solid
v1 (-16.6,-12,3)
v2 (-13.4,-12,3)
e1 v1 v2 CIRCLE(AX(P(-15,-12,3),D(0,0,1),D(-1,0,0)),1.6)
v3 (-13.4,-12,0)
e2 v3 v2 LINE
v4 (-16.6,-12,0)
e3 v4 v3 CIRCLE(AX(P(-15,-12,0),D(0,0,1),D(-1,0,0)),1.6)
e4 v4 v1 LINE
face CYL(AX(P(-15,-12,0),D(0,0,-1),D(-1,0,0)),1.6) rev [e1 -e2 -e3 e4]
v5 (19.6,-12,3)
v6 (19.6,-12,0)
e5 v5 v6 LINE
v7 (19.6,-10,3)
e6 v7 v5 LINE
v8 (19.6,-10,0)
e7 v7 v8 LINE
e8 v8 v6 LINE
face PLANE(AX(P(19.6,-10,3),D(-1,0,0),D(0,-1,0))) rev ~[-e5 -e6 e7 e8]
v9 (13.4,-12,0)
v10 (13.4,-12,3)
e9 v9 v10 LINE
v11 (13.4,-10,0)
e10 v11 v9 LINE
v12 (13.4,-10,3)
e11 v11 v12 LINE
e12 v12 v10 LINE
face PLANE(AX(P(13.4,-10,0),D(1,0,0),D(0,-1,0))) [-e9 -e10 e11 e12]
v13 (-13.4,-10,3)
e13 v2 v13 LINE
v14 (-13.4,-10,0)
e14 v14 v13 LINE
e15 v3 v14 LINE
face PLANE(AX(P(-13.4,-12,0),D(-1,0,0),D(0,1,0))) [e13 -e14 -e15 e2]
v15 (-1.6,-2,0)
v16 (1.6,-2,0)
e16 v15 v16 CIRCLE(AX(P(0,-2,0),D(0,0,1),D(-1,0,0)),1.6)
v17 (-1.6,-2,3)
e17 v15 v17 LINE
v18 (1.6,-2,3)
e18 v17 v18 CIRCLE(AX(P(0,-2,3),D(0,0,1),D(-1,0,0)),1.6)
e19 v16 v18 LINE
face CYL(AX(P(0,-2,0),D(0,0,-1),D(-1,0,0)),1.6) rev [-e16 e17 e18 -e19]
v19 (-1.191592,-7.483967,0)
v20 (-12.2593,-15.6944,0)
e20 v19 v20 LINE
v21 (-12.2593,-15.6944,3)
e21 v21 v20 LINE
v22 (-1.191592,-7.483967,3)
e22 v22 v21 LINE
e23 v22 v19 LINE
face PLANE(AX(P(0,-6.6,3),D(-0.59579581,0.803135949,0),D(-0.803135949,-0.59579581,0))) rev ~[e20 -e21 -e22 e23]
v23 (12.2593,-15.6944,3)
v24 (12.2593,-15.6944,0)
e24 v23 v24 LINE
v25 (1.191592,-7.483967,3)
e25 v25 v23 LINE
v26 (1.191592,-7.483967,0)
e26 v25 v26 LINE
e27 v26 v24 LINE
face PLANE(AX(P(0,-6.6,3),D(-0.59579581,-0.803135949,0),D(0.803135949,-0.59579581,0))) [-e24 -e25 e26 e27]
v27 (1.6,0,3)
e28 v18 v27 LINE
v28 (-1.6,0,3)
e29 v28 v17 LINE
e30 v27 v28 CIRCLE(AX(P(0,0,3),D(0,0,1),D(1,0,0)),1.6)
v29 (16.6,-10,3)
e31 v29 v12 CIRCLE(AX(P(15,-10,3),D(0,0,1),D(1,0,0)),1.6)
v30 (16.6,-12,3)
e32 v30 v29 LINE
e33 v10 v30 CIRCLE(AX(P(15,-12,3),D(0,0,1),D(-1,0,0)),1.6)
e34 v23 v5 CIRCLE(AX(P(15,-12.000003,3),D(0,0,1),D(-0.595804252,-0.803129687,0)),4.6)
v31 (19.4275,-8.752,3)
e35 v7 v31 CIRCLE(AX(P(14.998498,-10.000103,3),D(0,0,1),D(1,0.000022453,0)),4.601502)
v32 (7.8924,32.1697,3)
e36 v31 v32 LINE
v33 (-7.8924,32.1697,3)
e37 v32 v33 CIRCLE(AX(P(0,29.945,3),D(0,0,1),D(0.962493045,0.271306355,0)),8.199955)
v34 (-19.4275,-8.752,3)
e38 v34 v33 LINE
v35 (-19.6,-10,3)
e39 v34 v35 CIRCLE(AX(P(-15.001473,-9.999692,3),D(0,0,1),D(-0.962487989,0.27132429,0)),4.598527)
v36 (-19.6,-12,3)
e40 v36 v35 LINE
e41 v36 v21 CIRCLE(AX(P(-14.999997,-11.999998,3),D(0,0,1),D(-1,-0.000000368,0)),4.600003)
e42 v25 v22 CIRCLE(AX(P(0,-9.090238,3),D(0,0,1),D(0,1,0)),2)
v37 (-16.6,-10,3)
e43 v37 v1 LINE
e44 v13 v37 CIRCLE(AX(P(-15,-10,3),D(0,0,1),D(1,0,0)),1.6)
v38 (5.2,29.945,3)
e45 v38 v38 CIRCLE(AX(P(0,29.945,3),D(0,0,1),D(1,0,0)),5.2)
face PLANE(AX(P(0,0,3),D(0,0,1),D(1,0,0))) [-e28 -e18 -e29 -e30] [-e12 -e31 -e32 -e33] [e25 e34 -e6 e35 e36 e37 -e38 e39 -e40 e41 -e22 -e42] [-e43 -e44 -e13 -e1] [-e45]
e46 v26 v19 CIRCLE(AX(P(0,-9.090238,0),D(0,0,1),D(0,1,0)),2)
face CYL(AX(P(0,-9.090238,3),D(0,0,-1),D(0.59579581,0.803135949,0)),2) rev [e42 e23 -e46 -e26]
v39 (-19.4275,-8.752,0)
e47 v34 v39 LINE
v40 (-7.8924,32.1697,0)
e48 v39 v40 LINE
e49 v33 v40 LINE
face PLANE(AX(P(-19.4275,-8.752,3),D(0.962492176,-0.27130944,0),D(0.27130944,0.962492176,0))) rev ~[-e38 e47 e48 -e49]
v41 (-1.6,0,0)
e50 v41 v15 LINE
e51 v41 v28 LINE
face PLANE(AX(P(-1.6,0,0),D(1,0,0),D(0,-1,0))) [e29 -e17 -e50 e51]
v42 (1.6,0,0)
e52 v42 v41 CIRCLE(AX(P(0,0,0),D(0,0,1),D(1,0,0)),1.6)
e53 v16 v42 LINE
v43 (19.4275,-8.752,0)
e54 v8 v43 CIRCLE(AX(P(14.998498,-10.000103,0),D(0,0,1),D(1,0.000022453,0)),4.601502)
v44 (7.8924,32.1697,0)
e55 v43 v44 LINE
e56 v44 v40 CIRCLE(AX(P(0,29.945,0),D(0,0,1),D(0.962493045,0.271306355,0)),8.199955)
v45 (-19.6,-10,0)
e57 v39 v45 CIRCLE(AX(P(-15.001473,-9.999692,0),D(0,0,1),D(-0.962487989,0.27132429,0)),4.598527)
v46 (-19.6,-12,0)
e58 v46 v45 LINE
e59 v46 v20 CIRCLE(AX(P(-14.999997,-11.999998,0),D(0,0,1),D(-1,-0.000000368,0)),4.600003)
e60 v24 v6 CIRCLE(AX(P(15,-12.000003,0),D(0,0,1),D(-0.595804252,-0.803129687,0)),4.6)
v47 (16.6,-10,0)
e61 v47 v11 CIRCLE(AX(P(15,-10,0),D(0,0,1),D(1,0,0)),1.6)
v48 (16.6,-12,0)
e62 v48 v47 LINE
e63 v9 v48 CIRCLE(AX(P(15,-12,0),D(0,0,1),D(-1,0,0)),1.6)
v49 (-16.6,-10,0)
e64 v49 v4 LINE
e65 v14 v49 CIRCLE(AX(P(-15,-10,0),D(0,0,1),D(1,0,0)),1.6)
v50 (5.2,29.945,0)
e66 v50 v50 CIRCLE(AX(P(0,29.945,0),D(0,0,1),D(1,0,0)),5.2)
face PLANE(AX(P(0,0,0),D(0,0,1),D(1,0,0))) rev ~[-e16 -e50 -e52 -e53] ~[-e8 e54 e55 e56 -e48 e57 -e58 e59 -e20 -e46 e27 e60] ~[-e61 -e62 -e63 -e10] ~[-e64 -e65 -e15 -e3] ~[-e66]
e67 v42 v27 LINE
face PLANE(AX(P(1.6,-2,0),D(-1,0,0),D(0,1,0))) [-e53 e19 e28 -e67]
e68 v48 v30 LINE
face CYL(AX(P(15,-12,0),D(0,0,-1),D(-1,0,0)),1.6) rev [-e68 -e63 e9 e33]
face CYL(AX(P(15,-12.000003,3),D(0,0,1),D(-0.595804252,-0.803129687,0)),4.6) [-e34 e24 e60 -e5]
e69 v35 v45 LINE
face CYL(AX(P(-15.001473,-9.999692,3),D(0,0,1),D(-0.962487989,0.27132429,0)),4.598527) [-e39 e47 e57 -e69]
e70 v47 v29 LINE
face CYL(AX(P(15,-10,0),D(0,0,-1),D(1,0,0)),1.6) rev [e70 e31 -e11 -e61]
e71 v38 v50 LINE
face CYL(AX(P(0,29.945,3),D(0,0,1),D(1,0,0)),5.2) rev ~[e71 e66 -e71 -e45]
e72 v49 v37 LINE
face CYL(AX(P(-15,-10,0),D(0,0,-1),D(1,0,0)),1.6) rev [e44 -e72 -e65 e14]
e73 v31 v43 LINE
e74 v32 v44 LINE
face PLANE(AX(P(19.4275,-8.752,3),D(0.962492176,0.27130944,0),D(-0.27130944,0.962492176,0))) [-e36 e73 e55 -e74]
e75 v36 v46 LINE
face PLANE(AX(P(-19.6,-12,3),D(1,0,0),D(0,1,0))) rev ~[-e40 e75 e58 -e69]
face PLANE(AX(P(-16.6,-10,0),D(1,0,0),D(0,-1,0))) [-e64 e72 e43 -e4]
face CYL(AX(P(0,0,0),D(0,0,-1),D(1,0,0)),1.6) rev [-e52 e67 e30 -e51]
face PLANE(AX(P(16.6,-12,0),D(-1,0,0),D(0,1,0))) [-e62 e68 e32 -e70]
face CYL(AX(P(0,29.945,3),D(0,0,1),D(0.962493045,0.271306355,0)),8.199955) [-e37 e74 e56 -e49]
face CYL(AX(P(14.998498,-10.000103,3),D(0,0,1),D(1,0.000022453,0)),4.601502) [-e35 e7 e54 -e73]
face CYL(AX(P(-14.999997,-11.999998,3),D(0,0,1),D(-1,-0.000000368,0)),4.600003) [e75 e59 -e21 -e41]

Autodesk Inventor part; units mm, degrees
ref_plane "YZ Plane" through (0, 0, 0) normal (1, 0, 0) x (0, 1, 0)
ref_plane "XZ Plane" through (0, 0, 0) normal (0, 1, 0) x (-1, 0, 0)
ref_plane "XY Plane" through (0, 0, 0) normal (0, 0, 1) x (1, 0, 0)
sketch "スケッチ1" plane through (0, 0, 0) normal (0, 0, 1) x (1, 0, 0)
  line L0 (0, 0) -> (0, -2) construction
  line L1 (-1.6, 0) -> (-1.6, -2)
  line L2 (1.6, -2) -> (1.6, 0)
  arc A0 (1.6, 0) -> (-1.6, 0) centre (0, 0) ccw
  arc A1 (-1.6, -2) -> (1.6, -2) centre (0, -2) ccw
  line L3 (-30, -50) -> (30, -50)
  line L4 (30, -50) -> (30, 50)
  line L5 (30, 50) -> (-30, 50)
  line L6 (-30, 50) -> (-30, -50)
  line L7 (-30, -50) -> (30, 50) construction
  line L8 (30, -50) -> (-30, 50) construction
  line L9 (15, -10) -> (-15, -10) construction
  line L10 (15, -10) -> (15, -12) construction
  line L11 (13.4, -10) -> (13.4, -12)
  line L12 (16.6, -12) -> (16.6, -10)
  arc A2 (16.6, -10) -> (13.4, -10) centre (15, -10) ccw
  arc A3 (13.4, -12) -> (16.6, -12) centre (15, -12) ccw
  line L13 (-15, -10) -> (-15, -12) construction
  line L14 (-16.6, -10) -> (-16.6, -12)
  line L15 (-13.4, -12) -> (-13.4, -10)
  arc A4 (-13.4, -10) -> (-16.6, -10) centre (-15, -10) ccw
  arc A5 (-16.6, -12) -> (-13.4, -12) centre (-15, -12) ccw
  point P0 (0, -1)
  point P1 (15, -11)
  point P2 (-15, -11)
  point P3 (0, -10)
  dimension "d0" = 3.2
  dimension "d1" = 60
  dimension "d2" = 100
  dimension "d5" = 30
  dimension "d6" = 10
  dimension "d7" = 2
extrude "押し出し1" add sketch "スケッチ1" along normal blind 3
sketch "スケッチ2" plane through (0, 0, 3) normal (0, 0, 1) x (1, 0, 0)
  arc A0 (2.0211, 340.4082) -> (8.8067, 38.5424) centre (32.0275, 190.0735) ccw projected
  circle A1 centre (0, 29.945) radius 10 construction
  circle A2 centre (0, 29.945) radius 5.2
  arc A3 (-13.4, -10) -> (-16.6, -10) centre (-15, -10) ccw projected
  line L0 (-13.4, -10) -> (-13.4, -12) projected
  arc A4 (-16.6, -12) -> (-13.4, -12) centre (-15, -12) ccw projected
  line L1 (-16.6, -12) -> (-16.6, -10) projected
  arc A5 (16.6, -10) -> (13.4, -10) centre (15, -10) ccw projected
  line L2 (16.6, -10) -> (16.6, -12) projected
  arc A6 (13.4, -12) -> (16.6, -12) centre (15, -12) ccw projected
  line L3 (13.4, -12) -> (13.4, -10) projected
  arc A7 (1.6, 0) -> (-1.6, 0) centre (0, 0) ccw projected
  line L4 (1.6, 0) -> (1.6, -2) projected
  arc A8 (-1.6, -2) -> (1.6, -2) centre (0, -2) ccw projected
  line L5 (-1.6, -2) -> (-1.6, 0) projected
  line L6 (-30, -50) -> (30, -50) projected
  line L7 (30, -50) -> (30, 50) projected
  line L8 (30, 50) -> (-30, 50) projected
  line L9 (-30, 50) -> (-30, -50) projected
  arc A9 (19.6, -10) -> (19.4275, -8.752) centre (15, -10) ccw
  line L10 (19.6, -10) -> (19.6, -12)
  arc A10 (12.2593, -15.6944) -> (19.6, -12) centre (15, -12) ccw
  line L11 (10.4, -12) -> (10.4, -10)
  line L12 (4.6, -2) -> (4.6, 0)
  arc A11 (4.6, 0) -> (-4.6, 0) centre (0, 0) ccw
  line L13 (-4.6, 0) -> (-4.6, -2)
  arc A12 (-4.6, -2) -> (4.6, -2) centre (0, -2) ccw
  arc A13 (-19.4275, -8.752) -> (-19.6, -10) centre (-15, -10) ccw
  line L14 (-10.4, -10) -> (-10.4, -12)
  arc A14 (-19.6, -12) -> (-12.2593, -15.6944) centre (-15, -12) ccw
  line L15 (-19.6, -12) -> (-19.6, -10)
  arc A15 (7.8924, 32.1697) -> (-7.8924, 32.1697) centre (0, 29.945) ccw
  line L16 (19.4275, -8.752) -> (7.8924, 32.1697)
  line L17 (-19.4275, -8.752) -> (-7.8924, 32.1697)
  line L18 (0, -6.6) -> (12.2593, -15.6944)
  line L19 (0, -6.6) -> (-12.2593, -15.6944)
  dimension "d8" = 20
  dimension "d9" = 10.4
  dimension "d10" = 3
  dimension "d11" = 3
  dimension "d12" = 3
  dimension "d13" = 3
extrude "押し出し2" cut sketch "スケッチ2" against normal blind 3 contours A12 L13 A11 L12 | L10 A10 L18 L19 A14 L15 A13 L17 A15 L16 A9 keep common part
fillet "フィレット1" radius 2 1 edges at (0, -6.6, 1.5)
properties part number "POT2BASE"
